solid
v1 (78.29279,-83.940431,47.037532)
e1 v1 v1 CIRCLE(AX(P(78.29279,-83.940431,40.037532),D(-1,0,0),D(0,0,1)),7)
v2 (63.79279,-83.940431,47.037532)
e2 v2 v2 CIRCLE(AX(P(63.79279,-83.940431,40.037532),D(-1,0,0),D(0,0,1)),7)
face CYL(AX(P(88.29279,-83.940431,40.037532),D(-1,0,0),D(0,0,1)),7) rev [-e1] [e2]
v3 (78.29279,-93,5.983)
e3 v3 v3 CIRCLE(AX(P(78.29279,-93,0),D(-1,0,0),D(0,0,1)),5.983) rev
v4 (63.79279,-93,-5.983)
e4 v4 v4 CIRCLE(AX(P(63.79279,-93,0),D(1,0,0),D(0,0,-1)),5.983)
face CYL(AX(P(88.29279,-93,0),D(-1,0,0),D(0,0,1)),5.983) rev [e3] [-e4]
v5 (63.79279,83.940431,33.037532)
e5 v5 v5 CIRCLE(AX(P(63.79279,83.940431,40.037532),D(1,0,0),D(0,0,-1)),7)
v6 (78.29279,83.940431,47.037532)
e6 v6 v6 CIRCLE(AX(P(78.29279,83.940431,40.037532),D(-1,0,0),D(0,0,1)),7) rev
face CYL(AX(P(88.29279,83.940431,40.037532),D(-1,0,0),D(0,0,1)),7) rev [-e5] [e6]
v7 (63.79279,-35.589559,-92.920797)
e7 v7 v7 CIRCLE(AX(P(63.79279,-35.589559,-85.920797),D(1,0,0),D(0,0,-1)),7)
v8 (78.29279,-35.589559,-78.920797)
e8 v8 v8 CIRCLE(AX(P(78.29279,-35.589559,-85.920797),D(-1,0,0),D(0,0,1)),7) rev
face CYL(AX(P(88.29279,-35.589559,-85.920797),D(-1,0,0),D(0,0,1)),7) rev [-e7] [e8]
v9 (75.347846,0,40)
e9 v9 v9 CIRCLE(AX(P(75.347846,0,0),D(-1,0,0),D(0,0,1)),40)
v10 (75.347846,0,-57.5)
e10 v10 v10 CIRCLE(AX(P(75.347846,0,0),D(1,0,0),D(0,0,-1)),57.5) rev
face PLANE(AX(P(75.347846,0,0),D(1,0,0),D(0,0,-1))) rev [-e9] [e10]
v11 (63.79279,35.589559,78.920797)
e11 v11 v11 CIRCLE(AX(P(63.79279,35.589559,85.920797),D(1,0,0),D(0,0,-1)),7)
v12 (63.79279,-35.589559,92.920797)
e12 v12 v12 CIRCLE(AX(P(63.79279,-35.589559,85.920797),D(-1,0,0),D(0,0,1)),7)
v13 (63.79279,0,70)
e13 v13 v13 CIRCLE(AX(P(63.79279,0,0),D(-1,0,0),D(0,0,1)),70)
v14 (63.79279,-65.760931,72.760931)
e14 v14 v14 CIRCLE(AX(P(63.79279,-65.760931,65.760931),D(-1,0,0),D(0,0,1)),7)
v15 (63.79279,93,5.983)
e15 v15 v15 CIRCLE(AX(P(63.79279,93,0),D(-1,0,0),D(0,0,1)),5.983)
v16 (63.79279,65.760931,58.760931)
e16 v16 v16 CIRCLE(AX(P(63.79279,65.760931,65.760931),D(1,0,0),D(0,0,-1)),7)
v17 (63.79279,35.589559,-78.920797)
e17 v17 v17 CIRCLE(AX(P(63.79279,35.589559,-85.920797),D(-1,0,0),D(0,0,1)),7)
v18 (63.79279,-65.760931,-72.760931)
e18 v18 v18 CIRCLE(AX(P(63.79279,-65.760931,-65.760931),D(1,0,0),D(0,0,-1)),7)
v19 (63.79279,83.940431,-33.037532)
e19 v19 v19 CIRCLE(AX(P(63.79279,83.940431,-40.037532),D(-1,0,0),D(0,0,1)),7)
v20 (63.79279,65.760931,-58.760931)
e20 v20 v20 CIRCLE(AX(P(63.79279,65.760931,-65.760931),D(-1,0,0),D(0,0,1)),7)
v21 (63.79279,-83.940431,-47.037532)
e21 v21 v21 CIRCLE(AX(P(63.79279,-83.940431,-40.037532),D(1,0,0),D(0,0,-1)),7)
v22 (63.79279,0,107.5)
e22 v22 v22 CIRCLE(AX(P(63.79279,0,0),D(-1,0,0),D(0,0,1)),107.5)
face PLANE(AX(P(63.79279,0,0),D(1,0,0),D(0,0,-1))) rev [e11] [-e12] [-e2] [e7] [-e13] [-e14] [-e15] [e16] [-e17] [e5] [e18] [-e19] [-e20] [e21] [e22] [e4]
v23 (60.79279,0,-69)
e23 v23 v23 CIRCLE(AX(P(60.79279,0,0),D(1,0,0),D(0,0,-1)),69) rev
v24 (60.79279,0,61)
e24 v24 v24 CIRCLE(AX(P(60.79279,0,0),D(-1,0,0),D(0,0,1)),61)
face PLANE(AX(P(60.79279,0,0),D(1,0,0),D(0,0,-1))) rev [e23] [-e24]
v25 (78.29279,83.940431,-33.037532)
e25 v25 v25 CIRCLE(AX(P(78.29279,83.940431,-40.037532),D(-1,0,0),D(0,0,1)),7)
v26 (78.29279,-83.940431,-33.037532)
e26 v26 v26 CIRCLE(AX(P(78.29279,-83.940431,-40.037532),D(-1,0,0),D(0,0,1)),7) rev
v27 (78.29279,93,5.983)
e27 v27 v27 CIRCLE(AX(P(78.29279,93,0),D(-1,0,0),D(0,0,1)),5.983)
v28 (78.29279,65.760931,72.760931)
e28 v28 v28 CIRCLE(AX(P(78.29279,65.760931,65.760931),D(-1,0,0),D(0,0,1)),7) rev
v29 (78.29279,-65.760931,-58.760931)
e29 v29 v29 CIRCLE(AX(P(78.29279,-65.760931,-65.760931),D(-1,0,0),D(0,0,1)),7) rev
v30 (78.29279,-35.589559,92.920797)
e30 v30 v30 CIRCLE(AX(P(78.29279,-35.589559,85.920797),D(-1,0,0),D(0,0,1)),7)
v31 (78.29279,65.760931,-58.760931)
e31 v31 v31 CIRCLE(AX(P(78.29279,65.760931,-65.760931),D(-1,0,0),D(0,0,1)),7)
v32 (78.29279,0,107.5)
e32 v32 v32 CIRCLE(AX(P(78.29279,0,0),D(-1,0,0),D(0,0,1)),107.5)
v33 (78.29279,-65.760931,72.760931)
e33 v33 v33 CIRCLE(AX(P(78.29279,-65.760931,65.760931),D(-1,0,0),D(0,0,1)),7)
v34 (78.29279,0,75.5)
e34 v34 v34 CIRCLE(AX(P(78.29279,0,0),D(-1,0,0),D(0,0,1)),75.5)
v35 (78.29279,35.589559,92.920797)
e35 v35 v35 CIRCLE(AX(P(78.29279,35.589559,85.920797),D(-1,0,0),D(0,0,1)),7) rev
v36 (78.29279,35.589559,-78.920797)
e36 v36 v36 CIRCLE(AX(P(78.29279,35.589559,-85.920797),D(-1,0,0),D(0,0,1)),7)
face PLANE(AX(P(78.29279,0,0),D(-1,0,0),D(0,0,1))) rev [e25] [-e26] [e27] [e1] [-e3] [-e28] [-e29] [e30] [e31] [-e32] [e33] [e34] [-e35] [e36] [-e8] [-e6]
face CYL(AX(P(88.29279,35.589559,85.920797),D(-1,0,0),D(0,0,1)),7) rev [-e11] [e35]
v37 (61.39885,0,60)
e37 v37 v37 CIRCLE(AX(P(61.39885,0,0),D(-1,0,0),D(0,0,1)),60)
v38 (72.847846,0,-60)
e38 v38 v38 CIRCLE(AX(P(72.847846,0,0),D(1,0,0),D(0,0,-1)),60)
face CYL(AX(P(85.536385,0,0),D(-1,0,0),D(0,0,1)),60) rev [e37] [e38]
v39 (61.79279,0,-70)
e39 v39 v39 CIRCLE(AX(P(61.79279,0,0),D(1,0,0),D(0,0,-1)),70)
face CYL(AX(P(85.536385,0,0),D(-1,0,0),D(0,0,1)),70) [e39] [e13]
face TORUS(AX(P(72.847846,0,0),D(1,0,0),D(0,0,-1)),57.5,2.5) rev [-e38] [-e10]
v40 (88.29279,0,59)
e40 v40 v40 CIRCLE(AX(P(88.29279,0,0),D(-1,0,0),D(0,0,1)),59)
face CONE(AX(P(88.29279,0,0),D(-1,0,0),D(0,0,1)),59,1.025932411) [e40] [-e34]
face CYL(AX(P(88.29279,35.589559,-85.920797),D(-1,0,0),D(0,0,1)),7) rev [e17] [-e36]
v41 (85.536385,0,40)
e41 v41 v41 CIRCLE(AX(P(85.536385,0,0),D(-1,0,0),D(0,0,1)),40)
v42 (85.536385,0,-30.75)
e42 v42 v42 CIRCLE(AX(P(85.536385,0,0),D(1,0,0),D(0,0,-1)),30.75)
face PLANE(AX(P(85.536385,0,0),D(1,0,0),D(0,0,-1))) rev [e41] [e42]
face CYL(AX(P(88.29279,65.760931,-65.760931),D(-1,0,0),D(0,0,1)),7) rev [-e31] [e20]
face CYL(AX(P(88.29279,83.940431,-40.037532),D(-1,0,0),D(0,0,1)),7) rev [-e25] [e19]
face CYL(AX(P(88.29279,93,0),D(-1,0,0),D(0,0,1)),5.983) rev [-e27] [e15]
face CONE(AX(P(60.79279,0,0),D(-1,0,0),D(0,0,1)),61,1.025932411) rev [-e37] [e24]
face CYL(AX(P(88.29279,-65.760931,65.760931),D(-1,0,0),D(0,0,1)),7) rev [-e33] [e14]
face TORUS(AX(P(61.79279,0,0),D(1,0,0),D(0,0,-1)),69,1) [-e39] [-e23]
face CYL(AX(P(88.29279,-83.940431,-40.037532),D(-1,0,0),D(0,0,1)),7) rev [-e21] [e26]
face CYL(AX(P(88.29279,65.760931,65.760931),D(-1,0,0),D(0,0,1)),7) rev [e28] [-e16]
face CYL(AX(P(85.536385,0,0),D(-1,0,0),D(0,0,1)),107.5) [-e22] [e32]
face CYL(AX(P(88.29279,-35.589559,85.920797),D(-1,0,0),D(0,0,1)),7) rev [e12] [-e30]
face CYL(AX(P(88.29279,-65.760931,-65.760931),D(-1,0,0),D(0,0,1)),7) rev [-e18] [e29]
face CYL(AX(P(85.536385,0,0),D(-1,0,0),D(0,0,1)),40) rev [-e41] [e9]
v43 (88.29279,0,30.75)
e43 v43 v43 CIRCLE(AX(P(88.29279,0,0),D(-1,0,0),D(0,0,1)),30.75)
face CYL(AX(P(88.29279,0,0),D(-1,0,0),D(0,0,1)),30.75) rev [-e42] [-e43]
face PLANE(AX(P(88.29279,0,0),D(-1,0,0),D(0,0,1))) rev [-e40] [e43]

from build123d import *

# Parameters (mm, degrees)
ESQUISSE2_R             = 7
ESQUISSE2_R_2           = 5.983
ENL_V_MAT_EXTRU_1_DEPTH = 154.98944769
ESQUISSE3_R             = 30.75
ENL_V_MAT_EXTRU_2_DEPTH = 153.723114362
CONG_2_R                = 1
CONG_3_R                = 2.5


with BuildPart() as part:
    # Esquisse1 → Révolution1 (revolve)
    with BuildSketch(Plane.XY, mode=Mode.PRIVATE) as r_volution1_sk:
        Polygon((85.536385131, 40), (85.536385131, 0), (88.292789625, 0), (88.292789625, 59), (78.292789625, 75.5), (78.292789625, 107.5), (63.792789625, 107.5), (63.792789625, 70), (60.792789625, 70), (60.792789625, 61), (61.398850231, 60), (75.347845805, 60), (75.347845805, 40), align=None)
    revolve(r_volution1_sk.sketch.rotate(Axis((85.536385131, 0, 0), (1, 0, 0)), 90), axis=Axis((85.536385131, 0, 0), (1, 0, 0)))

    # Esquisse2 → Enlèv. mat.-Extru.1 (cut, through all)
    with BuildSketch(Plane.ZY.offset(-63.792789625)):
        with Locations((-40.037532003, 83.940431445)):
            Circle(ESQUISSE2_R)
        with Locations((-65.76093065, 65.76093065)):
            Circle(ESQUISSE2_R)
        with Locations((-85.920796524, 35.58955921)):
            Circle(ESQUISSE2_R)
        with Locations((40.037532003, 83.940431445)):
            Circle(ESQUISSE2_R)
        with Locations((65.76093065, 65.76093065)):
            Circle(ESQUISSE2_R)
        with Locations((85.920796524, 35.58955921)):
            Circle(ESQUISSE2_R)
        with Locations((85.920796524, -35.58955921)):
            Circle(ESQUISSE2_R)
        with Locations((65.76093065, -65.76093065)):
            Circle(ESQUISSE2_R)
        with Locations((40.037532003, -83.940431445)):
            Circle(ESQUISSE2_R)
        with Locations((-40.037532003, -83.940431445)):
            Circle(ESQUISSE2_R)
        with Locations((-65.76093065, -65.76093065)):
            Circle(ESQUISSE2_R)
        with Locations((-85.920796524, -35.58955921)):
            Circle(ESQUISSE2_R)
        with Locations((0, 93)):
            Circle(ESQUISSE2_R_2)
        with Locations((0, -93)):
            Circle(ESQUISSE2_R_2)
    extrude(amount=-ENL_V_MAT_EXTRU_1_DEPTH, mode=Mode.SUBTRACT)

    # Esquisse3 → Enlèv. mat.-Extru.2 (cut, through all)
    with BuildSketch(Plane.ZY.offset(-75.347845805)):
        Circle(ESQUISSE3_R)
    extrude(amount=-ENL_V_MAT_EXTRU_2_DEPTH, mode=Mode.SUBTRACT)

    # Congé2
    cong_2_edges = [part.edges().sort_by_distance(p)[0] for p in [
        (60.792789625, 0, -70),
    ]]
    fillet(cong_2_edges, radius=CONG_2_R)

    # Congé3
    cong_3_edges = [part.edges().sort_by_distance(p)[0] for p in [
        (75.347845805, 0, -60),
    ]]
    fillet(cong_3_edges, radius=CONG_3_R)


solid = part.part
